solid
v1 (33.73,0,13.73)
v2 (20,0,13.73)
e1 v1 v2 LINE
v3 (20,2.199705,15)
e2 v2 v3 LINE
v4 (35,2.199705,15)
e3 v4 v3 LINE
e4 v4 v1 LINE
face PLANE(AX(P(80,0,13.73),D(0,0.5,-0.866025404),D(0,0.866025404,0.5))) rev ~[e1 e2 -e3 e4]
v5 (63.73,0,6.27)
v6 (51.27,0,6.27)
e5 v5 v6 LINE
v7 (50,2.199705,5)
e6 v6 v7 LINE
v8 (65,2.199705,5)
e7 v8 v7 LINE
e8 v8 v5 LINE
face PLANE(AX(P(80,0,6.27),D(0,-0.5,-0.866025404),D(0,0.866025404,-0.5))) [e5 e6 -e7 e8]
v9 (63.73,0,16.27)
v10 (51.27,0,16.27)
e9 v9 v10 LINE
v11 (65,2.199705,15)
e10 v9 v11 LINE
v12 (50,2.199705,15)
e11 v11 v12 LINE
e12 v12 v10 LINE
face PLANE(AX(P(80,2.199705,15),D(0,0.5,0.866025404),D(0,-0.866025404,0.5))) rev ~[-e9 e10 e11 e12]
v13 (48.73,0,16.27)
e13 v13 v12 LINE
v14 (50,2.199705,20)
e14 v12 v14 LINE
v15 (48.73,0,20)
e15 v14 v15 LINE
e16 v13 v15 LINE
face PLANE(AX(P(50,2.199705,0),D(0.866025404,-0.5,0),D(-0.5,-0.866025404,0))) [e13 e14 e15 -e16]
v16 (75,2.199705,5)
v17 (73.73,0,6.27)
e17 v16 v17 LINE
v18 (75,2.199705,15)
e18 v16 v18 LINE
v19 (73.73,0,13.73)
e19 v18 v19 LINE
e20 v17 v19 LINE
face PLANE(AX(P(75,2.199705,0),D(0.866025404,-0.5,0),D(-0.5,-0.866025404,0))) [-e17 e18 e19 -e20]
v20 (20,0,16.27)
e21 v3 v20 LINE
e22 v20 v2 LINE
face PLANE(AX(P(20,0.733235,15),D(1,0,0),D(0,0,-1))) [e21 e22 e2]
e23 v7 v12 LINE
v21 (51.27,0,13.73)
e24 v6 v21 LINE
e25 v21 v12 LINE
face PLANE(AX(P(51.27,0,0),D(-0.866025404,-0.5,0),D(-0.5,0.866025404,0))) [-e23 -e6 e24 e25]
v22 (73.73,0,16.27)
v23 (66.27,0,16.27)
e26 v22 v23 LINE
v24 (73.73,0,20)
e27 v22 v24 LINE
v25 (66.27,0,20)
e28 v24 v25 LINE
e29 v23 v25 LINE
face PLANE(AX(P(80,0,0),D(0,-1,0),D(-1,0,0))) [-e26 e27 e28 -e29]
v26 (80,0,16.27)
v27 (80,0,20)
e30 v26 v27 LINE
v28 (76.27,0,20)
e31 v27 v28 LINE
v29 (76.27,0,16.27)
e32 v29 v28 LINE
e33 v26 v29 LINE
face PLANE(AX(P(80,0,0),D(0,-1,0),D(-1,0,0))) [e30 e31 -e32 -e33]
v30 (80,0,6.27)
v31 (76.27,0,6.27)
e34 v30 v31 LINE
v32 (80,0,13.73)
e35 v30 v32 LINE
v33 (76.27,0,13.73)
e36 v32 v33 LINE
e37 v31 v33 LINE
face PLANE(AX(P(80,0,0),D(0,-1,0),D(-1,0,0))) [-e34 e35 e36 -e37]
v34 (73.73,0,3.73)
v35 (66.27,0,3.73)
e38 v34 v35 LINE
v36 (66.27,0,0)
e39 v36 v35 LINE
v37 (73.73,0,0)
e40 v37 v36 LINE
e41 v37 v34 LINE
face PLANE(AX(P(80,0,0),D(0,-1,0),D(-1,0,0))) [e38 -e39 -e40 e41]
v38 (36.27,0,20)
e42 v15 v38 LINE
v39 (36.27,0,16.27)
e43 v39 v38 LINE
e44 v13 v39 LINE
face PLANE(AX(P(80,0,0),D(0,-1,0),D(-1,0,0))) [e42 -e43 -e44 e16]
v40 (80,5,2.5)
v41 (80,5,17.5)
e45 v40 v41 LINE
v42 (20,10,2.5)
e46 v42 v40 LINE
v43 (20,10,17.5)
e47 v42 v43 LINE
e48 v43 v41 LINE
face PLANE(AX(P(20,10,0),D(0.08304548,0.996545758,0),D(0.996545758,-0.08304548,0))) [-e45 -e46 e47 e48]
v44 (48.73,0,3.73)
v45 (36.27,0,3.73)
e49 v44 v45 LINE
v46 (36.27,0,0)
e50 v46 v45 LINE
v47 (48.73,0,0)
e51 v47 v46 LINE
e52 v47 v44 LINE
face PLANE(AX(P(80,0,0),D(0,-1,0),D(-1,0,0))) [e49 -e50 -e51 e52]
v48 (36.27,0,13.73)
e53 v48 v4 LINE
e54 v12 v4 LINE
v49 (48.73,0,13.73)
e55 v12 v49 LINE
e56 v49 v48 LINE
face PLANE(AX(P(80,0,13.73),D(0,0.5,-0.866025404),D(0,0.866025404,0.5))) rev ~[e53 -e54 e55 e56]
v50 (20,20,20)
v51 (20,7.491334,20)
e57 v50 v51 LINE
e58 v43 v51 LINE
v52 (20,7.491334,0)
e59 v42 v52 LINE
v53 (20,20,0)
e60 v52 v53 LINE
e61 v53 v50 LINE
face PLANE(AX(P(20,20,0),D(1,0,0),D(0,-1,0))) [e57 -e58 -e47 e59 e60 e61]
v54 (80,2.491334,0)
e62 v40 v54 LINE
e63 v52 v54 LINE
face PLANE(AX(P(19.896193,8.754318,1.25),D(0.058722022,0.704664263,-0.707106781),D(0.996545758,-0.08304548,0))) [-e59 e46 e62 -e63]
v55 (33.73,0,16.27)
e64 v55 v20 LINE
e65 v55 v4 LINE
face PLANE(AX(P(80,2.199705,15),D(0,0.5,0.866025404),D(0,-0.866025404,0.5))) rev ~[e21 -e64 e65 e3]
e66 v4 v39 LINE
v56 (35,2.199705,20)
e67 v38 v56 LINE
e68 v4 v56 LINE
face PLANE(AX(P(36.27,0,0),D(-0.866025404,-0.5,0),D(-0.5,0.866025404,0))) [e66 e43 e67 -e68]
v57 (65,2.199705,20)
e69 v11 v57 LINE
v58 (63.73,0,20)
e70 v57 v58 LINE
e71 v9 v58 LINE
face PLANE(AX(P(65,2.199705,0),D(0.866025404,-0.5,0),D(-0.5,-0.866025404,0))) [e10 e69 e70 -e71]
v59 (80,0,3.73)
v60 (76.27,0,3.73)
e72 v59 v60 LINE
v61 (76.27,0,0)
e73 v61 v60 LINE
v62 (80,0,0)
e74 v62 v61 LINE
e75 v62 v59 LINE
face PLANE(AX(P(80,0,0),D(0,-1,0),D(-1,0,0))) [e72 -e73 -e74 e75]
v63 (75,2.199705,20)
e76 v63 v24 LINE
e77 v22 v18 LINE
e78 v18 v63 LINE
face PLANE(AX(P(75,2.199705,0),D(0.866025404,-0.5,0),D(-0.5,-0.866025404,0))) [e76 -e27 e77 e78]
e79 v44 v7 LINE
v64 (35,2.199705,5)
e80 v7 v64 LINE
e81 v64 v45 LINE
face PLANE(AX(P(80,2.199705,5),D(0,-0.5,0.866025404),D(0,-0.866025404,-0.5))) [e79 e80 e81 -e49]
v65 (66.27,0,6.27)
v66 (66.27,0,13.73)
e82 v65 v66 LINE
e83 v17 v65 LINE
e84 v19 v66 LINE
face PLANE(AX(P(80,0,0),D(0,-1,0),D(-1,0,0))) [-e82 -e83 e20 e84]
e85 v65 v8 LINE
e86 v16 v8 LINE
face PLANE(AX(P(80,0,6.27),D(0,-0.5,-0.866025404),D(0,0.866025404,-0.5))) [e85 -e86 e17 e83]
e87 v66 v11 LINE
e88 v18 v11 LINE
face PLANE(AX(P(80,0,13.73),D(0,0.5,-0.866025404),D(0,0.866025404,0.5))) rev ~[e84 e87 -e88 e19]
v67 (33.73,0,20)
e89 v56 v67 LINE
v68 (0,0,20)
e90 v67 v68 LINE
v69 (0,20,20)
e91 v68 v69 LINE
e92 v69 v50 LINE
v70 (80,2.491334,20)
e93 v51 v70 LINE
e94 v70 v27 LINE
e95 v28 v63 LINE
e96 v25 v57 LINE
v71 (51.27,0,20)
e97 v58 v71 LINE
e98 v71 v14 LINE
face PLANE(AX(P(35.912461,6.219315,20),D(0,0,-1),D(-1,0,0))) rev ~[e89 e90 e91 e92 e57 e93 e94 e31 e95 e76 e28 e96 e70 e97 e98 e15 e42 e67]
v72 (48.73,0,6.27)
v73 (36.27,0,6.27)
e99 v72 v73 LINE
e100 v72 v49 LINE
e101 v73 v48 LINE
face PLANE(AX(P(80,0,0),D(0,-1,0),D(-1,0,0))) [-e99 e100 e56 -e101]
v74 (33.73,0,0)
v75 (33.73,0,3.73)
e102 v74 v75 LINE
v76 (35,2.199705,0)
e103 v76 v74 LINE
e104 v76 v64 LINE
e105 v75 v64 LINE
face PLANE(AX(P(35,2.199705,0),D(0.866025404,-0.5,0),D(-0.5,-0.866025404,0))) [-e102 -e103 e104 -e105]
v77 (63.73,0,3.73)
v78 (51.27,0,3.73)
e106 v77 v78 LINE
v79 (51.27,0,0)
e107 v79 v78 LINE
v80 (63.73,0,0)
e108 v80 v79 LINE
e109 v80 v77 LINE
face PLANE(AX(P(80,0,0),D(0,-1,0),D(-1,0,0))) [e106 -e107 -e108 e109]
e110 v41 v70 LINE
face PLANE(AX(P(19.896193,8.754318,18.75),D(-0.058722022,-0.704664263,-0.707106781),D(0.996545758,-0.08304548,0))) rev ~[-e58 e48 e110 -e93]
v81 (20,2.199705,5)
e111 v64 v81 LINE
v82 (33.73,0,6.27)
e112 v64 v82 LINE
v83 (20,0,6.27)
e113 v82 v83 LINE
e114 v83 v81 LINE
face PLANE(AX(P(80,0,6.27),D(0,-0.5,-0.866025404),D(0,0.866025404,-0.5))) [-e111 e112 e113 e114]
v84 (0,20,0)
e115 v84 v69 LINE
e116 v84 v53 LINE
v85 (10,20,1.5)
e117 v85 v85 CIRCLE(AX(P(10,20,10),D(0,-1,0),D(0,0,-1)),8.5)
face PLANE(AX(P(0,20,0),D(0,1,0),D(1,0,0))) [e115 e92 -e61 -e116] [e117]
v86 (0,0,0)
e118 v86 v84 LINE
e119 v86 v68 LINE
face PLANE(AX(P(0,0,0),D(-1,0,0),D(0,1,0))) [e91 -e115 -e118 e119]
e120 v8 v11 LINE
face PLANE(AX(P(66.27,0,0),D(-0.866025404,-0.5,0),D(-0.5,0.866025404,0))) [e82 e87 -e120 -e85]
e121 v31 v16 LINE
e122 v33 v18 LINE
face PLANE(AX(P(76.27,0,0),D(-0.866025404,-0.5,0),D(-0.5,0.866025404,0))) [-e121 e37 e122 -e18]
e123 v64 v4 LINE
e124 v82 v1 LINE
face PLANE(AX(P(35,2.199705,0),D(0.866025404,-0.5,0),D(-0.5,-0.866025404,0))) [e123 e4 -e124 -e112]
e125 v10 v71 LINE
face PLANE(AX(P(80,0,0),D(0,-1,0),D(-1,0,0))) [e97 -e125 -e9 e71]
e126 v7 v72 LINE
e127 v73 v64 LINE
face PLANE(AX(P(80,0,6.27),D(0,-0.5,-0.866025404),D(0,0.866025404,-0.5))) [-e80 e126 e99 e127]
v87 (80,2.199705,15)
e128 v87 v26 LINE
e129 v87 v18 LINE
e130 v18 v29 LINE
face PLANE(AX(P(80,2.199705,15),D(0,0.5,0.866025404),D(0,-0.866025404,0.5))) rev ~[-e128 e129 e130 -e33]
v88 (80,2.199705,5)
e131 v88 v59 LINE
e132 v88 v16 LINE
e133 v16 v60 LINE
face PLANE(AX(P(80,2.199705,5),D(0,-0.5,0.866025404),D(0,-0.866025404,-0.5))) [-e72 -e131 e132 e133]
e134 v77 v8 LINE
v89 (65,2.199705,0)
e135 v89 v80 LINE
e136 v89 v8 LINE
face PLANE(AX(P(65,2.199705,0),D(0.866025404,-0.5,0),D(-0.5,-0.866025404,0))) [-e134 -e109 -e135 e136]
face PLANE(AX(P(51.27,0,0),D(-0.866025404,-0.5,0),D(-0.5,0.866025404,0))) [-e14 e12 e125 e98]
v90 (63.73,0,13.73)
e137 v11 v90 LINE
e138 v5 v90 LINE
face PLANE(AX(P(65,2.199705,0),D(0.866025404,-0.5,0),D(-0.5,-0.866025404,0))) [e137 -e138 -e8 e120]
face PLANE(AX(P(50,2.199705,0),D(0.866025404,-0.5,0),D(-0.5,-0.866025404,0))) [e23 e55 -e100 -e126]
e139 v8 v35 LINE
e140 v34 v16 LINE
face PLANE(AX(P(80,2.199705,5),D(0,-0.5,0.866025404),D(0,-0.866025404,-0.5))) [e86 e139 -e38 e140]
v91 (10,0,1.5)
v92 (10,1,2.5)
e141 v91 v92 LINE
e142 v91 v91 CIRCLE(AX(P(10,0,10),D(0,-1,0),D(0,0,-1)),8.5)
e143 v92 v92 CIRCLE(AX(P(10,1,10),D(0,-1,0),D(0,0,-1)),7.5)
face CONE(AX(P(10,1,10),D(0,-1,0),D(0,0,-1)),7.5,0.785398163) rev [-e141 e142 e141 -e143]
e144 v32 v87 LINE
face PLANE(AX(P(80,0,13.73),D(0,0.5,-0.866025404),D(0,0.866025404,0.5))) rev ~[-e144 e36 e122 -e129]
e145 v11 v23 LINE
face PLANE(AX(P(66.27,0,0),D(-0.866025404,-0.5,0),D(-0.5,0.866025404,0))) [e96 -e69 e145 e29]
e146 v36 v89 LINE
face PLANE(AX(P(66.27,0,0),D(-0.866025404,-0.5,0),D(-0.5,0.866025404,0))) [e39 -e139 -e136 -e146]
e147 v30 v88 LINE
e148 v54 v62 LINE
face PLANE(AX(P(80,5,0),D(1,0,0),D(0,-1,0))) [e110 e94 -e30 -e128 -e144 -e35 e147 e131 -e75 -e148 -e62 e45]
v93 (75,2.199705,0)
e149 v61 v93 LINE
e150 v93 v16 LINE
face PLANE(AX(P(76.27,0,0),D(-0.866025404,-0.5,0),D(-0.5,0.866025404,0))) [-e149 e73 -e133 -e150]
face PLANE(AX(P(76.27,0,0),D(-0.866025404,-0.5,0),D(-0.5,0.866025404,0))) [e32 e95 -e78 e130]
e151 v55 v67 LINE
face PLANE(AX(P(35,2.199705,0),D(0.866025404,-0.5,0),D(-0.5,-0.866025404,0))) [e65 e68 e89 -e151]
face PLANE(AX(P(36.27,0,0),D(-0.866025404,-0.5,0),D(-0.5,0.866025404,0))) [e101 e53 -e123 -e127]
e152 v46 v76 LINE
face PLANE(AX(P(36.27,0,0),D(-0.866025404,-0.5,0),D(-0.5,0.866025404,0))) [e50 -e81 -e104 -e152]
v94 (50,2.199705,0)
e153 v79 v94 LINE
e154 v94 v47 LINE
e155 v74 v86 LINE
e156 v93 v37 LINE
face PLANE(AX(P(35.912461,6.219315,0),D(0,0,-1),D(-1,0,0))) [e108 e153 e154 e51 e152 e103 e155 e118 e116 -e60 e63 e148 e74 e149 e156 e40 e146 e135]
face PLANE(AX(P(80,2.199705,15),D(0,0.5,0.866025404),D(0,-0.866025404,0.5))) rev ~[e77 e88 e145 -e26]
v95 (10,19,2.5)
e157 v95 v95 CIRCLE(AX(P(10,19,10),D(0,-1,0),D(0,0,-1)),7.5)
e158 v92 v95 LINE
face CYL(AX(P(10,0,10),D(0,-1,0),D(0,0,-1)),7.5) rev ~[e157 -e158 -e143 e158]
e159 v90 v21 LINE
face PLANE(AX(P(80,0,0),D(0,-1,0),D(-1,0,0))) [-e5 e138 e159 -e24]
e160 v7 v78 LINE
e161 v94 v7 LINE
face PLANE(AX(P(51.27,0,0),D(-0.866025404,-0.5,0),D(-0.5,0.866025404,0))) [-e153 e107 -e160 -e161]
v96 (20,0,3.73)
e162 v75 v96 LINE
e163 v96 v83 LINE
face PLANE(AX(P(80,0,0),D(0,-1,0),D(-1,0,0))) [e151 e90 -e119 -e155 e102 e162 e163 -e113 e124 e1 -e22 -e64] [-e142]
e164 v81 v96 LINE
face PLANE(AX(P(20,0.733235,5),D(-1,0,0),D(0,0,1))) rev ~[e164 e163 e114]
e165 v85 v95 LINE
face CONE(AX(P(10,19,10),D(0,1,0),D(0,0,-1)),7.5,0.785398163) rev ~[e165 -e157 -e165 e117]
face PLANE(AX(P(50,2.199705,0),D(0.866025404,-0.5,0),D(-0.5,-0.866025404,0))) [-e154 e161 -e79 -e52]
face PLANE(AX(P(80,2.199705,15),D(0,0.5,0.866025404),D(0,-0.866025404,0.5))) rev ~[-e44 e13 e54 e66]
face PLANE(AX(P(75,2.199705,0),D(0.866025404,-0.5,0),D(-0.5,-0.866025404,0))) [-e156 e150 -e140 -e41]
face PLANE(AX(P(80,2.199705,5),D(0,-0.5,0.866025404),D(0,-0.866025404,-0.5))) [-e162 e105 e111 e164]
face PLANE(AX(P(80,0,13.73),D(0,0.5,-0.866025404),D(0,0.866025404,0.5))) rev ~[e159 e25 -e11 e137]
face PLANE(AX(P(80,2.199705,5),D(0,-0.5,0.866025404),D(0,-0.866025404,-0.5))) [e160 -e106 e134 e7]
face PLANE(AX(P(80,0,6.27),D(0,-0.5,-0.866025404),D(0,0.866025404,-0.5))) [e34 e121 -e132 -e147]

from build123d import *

# Parameters (mm, degrees)
BOSS_EXTRUDE1_DEPTH = 20
CHAMFER1_SIZE       = 2.5
SKETCH2_R           = 7.5
CUT_EXTRUDE1_DEPTH  = 85.852813742
CUT_EXTRUDE2_DEPTH  = 60
CUT_EXTRUDE3_DEPTH  = 85.852813742
CHAMFER2_SIZE       = 1


with BuildPart() as part:
    # Sketch1 → Boss-Extrude1 (new body)
    with BuildSketch(Plane.XY):
        Polygon((0, 0), (0, 20), (20, 20), (20, 10), (80, 5), (80, 0), align=None)
    extrude(amount=BOSS_EXTRUDE1_DEPTH)

    # Chamfer1
    chamfer1_edges = [part.edges().sort_by_distance(p)[0] for p in [
        (50, 7.5, 20),
        (50, 7.5, 0),
    ]]
    chamfer(chamfer1_edges, length=CHAMFER1_SIZE)

    # Sketch2 → Cut-Extrude1 (cut, through all)
    with BuildSketch(Plane(origin=(0, 0, 0), x_dir=(-1, 0, 0), z_dir=(0, -1, 0))):
        with Locations(Location((-10, -10, 0), (0, 0, 90))):
            Circle(SKETCH2_R)
    extrude(amount=-CUT_EXTRUDE1_DEPTH, mode=Mode.SUBTRACT)

    # Sketch3 → Cut-Extrude2 (cut)
    with BuildSketch(Plane(origin=(80, 0, 0), x_dir=(0, 0, -1), z_dir=(1, 0, 0))):
        Polygon((-15, 2.199704526), (-16.27, 0), (-13.73, 0), align=None)
        Polygon((-6.27, 0), (-5, 2.199704526), (-3.73, 0), align=None)
    extrude(amount=-CUT_EXTRUDE2_DEPTH, mode=Mode.SUBTRACT)

    # Sketch4 → Cut-Extrude3 (cut, through all)
    with BuildSketch(Plane.XY):
        Polygon((75, 2.199704526), (73.73, 0), (76.27, 0), align=None)
        Polygon((65, 2.199704526), (63.73, 0), (66.27, 0), align=None)
        Polygon((50, 2.199704526), (48.73, 0), (51.27, 0), align=None)
        Polygon((35, 2.199704526), (33.73, 0), (36.27, 0), align=None)
    extrude(amount=CUT_EXTRUDE3_DEPTH, mode=Mode.SUBTRACT)

    # Chamfer2
    chamfer2_edges = [part.edges().sort_by_distance(p)[0] for p in [
        (10, 20, 17.5),
        (10, 0, 17.5),
    ]]
    chamfer(chamfer2_edges, length=CHAMFER2_SIZE)


solid = part.part
